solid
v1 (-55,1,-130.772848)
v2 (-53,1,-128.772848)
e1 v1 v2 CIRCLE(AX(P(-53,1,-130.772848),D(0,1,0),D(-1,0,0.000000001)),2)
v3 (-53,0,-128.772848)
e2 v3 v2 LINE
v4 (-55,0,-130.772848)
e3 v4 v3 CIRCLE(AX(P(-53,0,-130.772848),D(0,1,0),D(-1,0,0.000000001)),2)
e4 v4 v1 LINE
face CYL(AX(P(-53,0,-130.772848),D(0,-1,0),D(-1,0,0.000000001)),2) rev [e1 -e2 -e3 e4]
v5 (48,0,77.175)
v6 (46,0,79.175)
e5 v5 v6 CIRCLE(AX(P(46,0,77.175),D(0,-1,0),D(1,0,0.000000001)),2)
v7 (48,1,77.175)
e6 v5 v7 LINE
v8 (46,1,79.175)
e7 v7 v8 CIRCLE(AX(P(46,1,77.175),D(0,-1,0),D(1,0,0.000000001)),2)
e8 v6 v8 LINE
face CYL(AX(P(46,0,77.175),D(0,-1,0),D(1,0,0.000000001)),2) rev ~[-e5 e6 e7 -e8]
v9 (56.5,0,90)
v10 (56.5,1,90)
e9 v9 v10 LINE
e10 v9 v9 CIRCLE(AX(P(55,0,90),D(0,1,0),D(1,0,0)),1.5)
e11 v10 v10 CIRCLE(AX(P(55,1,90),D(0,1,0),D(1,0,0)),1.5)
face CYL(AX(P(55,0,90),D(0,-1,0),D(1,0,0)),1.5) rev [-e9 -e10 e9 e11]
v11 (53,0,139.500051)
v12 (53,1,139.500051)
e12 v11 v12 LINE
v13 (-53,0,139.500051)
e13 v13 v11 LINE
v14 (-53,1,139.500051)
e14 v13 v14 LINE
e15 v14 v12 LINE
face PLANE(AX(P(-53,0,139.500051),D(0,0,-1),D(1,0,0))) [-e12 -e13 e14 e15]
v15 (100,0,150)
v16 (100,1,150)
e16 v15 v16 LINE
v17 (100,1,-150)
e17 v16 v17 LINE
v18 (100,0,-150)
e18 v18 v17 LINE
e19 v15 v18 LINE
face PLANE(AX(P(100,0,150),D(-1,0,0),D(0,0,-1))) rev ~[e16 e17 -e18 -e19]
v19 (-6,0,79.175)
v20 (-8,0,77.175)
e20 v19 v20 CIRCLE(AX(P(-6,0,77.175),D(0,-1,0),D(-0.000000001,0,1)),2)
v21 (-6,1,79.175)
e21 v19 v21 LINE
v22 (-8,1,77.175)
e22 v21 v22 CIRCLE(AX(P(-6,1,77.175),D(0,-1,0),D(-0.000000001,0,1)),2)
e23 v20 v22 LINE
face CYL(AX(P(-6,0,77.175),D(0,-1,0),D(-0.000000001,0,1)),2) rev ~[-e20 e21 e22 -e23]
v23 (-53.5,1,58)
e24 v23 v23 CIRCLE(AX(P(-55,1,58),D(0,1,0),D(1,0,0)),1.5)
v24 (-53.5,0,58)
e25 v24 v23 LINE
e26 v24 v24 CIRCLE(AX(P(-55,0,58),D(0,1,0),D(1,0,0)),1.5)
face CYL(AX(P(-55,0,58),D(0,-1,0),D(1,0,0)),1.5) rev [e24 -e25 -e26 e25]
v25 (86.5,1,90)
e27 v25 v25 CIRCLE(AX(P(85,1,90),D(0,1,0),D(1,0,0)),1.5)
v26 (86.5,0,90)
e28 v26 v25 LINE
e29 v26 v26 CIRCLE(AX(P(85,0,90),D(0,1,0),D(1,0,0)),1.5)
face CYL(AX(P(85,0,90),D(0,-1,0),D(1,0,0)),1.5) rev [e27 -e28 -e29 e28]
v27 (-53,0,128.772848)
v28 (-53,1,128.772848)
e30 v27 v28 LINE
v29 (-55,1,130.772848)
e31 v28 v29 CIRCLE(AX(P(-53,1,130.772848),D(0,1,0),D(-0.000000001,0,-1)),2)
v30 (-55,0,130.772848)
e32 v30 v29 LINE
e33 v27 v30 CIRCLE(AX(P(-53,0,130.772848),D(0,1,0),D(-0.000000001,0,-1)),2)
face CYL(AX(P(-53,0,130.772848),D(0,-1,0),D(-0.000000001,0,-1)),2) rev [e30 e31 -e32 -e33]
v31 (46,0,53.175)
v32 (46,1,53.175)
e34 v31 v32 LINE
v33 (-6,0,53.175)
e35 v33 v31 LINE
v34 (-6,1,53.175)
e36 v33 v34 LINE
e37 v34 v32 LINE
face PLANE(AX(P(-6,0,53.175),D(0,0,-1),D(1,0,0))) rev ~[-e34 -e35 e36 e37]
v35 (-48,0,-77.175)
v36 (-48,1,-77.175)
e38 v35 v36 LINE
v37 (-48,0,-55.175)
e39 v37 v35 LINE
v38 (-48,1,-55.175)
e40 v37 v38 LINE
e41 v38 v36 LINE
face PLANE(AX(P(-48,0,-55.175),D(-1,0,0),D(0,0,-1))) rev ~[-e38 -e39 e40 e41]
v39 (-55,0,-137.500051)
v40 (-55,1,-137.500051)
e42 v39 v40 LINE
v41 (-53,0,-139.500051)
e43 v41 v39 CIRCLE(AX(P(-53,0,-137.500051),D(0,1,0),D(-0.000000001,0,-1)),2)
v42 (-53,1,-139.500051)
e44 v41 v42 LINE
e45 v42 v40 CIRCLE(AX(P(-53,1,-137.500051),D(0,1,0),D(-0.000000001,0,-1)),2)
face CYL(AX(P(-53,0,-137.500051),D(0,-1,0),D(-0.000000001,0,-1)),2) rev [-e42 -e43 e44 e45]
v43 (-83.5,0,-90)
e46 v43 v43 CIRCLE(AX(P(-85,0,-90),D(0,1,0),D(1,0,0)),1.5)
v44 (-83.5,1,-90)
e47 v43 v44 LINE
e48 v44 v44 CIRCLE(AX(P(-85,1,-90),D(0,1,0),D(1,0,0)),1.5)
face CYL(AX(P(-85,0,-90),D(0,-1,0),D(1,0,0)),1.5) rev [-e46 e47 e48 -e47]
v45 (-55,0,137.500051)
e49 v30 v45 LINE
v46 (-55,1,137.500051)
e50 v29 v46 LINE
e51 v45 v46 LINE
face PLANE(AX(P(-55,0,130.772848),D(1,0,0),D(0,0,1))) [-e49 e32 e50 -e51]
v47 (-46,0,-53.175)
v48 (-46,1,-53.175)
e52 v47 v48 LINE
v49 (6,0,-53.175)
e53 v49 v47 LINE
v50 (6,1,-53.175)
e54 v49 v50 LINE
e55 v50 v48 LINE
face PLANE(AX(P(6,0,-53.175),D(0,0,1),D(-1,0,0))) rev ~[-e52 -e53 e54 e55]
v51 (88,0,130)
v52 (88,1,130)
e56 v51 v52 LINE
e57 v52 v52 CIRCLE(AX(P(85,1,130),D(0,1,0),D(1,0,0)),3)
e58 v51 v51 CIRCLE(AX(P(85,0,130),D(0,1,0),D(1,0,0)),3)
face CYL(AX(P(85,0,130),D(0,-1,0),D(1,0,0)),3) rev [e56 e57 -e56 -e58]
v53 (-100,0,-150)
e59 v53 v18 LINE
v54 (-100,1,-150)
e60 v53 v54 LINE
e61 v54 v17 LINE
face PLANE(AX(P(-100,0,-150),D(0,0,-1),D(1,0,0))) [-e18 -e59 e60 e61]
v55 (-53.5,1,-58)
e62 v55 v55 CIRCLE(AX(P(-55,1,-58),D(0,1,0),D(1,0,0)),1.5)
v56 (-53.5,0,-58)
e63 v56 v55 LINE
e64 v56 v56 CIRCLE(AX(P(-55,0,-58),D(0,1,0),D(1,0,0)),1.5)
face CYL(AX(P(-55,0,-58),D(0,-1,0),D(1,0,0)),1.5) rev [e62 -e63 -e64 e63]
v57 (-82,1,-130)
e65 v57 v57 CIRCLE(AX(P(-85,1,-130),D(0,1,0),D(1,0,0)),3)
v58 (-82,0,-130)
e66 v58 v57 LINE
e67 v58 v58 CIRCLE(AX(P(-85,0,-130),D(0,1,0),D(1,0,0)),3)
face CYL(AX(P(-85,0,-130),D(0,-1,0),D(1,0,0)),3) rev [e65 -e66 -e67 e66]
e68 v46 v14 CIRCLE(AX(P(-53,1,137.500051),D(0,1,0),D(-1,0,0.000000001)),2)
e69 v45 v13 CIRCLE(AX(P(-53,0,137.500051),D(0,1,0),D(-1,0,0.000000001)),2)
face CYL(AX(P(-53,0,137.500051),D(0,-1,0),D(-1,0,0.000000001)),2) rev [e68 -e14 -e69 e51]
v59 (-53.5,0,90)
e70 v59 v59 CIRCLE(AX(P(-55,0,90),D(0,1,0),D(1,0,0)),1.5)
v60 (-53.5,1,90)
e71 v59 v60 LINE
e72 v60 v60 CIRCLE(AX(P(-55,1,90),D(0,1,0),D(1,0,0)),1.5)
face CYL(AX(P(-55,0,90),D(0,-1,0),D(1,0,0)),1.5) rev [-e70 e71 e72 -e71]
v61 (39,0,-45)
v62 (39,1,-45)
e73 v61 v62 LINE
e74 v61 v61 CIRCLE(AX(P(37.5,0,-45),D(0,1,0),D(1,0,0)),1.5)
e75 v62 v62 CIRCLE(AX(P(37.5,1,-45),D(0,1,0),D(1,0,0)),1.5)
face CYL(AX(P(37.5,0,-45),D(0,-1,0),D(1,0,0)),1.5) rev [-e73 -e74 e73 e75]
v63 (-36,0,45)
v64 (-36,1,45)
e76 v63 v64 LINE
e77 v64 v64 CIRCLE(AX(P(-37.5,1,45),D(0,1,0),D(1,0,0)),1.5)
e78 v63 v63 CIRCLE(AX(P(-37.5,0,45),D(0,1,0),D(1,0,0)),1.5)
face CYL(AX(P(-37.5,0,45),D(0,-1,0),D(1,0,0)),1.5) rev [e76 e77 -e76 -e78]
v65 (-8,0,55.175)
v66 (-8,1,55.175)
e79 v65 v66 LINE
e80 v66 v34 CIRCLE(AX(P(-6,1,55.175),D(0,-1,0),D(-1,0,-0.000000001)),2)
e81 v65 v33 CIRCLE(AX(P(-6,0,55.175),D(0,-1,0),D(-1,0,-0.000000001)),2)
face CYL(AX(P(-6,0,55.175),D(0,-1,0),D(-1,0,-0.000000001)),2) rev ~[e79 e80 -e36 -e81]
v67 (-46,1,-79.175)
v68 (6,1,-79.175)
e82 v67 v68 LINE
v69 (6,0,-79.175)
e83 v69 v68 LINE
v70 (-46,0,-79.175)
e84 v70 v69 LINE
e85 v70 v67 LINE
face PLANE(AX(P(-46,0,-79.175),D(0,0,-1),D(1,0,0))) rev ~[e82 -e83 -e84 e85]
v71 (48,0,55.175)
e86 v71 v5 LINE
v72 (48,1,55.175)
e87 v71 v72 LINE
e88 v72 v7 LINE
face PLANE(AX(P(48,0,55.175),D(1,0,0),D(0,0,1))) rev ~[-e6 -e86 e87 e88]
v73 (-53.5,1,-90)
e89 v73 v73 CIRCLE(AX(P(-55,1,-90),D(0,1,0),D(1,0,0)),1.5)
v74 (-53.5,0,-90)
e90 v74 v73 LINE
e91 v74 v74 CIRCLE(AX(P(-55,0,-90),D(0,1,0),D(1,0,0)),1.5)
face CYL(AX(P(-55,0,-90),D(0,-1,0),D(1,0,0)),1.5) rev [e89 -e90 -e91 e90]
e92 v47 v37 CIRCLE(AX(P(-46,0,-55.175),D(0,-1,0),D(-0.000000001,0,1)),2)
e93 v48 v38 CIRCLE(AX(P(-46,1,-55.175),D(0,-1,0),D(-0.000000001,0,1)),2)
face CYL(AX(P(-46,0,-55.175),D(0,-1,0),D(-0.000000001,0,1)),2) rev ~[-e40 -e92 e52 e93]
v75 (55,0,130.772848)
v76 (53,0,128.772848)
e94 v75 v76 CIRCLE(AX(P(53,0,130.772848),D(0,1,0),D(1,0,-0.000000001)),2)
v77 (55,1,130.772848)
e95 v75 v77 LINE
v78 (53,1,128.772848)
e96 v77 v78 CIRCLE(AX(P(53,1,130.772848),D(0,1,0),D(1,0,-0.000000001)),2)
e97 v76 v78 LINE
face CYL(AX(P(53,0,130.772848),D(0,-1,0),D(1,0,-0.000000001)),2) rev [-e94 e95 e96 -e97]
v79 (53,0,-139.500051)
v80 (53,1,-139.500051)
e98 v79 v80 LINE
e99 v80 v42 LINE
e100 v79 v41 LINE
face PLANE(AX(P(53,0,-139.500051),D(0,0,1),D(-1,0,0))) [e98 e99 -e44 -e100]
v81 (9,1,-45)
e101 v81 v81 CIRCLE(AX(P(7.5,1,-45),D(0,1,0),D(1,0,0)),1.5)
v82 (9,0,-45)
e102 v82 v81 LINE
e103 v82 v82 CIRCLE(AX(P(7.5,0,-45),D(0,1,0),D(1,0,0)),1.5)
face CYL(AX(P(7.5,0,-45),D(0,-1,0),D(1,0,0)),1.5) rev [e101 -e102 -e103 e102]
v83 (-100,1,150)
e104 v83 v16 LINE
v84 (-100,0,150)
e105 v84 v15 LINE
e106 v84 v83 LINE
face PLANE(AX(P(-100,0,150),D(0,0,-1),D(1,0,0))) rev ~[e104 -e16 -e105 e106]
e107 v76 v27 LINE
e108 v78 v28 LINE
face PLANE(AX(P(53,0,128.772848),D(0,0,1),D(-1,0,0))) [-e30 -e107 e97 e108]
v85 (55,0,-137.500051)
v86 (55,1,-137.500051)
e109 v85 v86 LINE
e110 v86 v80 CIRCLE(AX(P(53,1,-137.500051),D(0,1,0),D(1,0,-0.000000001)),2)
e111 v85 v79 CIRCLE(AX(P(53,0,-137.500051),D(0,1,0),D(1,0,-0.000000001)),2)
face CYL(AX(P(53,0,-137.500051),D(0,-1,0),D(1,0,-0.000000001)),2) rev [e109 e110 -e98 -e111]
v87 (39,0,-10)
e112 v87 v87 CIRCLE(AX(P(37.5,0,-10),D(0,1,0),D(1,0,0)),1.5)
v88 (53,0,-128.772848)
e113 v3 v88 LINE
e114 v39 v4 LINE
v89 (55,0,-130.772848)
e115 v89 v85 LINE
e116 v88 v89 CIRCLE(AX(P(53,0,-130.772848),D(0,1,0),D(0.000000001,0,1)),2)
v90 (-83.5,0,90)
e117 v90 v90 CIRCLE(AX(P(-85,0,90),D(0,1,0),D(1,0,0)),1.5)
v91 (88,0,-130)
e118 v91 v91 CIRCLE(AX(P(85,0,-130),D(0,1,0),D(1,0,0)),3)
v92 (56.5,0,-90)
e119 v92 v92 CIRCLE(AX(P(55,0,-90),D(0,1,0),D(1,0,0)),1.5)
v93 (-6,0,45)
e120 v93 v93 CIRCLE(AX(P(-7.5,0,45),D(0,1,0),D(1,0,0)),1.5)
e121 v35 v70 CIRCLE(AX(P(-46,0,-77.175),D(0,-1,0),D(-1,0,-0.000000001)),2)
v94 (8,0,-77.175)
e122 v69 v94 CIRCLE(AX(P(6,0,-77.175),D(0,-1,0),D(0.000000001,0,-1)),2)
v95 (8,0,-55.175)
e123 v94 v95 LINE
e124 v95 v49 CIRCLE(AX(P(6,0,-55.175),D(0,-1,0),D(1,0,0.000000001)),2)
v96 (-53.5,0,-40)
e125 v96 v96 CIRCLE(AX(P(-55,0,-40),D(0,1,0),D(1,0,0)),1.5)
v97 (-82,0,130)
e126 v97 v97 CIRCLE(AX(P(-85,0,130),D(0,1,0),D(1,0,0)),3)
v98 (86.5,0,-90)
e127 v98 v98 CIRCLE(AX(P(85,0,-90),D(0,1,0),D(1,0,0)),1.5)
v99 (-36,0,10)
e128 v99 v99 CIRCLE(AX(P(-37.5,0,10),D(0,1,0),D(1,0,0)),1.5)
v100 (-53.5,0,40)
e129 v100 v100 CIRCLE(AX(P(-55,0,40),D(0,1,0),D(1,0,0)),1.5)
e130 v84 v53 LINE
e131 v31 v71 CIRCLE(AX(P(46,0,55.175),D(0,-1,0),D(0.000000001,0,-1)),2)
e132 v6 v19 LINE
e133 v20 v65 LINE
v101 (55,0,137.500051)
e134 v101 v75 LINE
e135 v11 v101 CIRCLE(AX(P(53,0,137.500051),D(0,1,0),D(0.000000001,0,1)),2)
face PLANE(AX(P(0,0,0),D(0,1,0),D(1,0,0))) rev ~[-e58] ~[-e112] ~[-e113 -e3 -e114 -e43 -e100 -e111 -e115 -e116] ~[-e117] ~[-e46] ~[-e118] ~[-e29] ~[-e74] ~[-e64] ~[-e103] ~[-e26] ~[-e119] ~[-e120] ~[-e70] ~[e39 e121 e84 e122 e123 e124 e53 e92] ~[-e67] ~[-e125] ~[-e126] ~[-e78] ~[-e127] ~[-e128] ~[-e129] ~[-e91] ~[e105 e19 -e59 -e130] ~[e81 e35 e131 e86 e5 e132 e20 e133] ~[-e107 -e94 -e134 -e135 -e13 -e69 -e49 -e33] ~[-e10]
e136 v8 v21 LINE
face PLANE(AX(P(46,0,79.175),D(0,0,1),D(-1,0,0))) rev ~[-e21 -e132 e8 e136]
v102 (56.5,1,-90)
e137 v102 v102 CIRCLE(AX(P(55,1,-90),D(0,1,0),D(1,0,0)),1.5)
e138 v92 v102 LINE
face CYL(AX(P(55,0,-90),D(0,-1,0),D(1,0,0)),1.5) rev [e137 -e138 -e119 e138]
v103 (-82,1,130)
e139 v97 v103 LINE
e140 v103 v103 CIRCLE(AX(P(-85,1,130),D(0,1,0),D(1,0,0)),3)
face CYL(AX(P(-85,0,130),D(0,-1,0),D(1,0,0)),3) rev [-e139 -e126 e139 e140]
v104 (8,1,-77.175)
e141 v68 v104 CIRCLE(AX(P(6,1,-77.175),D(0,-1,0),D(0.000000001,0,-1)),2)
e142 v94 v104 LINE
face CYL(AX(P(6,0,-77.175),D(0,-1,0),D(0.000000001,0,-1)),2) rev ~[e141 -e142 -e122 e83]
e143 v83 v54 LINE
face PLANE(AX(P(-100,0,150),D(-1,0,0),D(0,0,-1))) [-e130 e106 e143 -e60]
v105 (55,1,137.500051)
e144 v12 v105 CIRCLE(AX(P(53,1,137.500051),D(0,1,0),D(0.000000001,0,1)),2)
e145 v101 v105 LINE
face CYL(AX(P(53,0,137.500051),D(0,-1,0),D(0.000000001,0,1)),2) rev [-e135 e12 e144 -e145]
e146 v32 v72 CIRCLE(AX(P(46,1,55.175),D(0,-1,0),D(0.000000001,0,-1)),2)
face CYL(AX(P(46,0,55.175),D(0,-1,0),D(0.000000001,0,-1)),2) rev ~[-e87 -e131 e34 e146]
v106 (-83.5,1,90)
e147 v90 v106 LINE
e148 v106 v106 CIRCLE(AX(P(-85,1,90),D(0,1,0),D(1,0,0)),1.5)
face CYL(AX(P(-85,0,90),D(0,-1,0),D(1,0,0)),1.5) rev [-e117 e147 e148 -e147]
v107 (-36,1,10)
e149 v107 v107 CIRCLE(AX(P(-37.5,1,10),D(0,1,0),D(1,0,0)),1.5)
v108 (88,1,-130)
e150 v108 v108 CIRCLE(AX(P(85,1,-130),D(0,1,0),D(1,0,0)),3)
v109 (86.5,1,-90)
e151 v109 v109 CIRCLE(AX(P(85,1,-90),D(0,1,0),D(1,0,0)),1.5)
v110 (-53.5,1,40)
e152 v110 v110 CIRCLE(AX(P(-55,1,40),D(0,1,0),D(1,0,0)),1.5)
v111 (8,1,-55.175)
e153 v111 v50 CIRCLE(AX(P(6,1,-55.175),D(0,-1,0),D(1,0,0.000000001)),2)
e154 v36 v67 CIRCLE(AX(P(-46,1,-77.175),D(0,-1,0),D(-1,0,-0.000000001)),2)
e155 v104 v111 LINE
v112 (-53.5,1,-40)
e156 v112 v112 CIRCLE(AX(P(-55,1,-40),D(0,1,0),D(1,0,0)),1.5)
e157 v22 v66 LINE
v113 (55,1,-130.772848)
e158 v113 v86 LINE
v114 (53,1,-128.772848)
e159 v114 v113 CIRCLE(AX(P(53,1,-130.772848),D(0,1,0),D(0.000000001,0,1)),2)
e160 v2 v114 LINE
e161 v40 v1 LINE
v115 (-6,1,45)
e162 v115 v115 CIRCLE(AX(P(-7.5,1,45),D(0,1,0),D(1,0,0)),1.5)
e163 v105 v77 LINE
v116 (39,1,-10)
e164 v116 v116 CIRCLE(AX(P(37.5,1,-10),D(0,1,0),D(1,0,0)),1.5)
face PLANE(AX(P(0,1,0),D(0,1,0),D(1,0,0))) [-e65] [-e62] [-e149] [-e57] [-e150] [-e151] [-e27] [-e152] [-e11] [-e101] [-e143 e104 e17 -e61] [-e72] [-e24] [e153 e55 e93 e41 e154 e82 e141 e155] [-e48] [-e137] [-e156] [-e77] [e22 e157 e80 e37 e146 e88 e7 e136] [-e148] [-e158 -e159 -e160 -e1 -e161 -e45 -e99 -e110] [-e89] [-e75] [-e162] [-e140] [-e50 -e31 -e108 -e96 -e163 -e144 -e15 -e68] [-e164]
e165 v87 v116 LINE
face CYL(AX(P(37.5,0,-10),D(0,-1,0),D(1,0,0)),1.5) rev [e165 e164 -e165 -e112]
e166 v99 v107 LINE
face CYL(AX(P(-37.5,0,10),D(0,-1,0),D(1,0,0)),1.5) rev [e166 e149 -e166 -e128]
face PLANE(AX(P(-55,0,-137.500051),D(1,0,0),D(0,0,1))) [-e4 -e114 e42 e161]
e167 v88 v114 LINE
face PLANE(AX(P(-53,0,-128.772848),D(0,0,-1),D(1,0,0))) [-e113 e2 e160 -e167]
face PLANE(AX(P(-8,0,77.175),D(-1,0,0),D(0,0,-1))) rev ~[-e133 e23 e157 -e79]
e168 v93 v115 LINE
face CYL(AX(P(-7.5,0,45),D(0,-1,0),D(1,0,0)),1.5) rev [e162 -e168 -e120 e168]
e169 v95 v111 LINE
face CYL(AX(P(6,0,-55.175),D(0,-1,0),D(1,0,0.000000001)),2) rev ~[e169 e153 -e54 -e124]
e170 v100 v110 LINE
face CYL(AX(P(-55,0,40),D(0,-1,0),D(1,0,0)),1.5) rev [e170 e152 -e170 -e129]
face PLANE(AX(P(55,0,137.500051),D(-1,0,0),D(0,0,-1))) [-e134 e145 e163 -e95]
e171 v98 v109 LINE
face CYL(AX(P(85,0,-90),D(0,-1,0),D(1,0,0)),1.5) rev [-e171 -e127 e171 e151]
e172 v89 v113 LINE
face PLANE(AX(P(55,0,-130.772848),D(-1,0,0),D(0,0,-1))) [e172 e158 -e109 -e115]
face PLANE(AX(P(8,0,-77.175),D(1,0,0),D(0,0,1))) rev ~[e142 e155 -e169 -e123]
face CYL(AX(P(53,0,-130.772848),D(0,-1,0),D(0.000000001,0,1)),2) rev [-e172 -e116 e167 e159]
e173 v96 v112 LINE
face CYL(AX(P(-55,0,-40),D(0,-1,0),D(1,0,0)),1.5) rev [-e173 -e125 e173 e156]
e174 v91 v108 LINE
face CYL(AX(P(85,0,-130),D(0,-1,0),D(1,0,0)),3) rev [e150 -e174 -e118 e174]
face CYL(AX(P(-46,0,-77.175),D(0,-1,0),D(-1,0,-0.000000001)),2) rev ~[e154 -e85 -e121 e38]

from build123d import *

# Parameters (mm, degrees)
ESQUISSE1_W        = 200
ESQUISSE1_H        = 300
ESQUISSE1_R        = 1.5
ESQUISSE1_R_2      = 3
BOSS_EXTRU_1_DEPTH = 1


with BuildPart() as part:
    # Esquisse1 → Boss.-Extru.1 (new body)
    with BuildSketch(Plane(origin=(0, 0, 0), x_dir=(1, 0, 0), z_dir=(0, 1, 0))):
        Rectangle(ESQUISSE1_W, ESQUISSE1_H)
        with Locations((-37.5, -45)):
            Circle(ESQUISSE1_R, mode=Mode.SUBTRACT)
        with Locations((-7.5, -45)):
            Circle(ESQUISSE1_R, mode=Mode.SUBTRACT)
        with Locations((-37.5, -10)):
            Circle(ESQUISSE1_R, mode=Mode.SUBTRACT)
        with Locations((37.5, 10)):
            Circle(ESQUISSE1_R, mode=Mode.SUBTRACT)
        with Locations((37.5, 45)):
            Circle(ESQUISSE1_R, mode=Mode.SUBTRACT)
        with Locations((7.5, 45)):
            Circle(ESQUISSE1_R, mode=Mode.SUBTRACT)
        with Locations((85, 130)):
            Circle(ESQUISSE1_R_2, mode=Mode.SUBTRACT)
        with Locations((-85, 130)):
            Circle(ESQUISSE1_R_2, mode=Mode.SUBTRACT)
        with Locations((85, -130)):
            Circle(ESQUISSE1_R_2, mode=Mode.SUBTRACT)
        with Locations((-85, -130)):
            Circle(ESQUISSE1_R_2, mode=Mode.SUBTRACT)
        with Locations((-55, 40)):
            Circle(ESQUISSE1_R, mode=Mode.SUBTRACT)
        with Locations((-55, 58)):
            Circle(ESQUISSE1_R, mode=Mode.SUBTRACT)
        with Locations((-55, -58)):
            Circle(ESQUISSE1_R, mode=Mode.SUBTRACT)
        with Locations((-55, -40)):
            Circle(ESQUISSE1_R, mode=Mode.SUBTRACT)
        with Locations((-85, -90)):
            Circle(ESQUISSE1_R, mode=Mode.SUBTRACT)
        with Locations((-55, -90)):
            Circle(ESQUISSE1_R, mode=Mode.SUBTRACT)
        with Locations((85, -90)):
            Circle(ESQUISSE1_R, mode=Mode.SUBTRACT)
        with Locations((55, -90)):
            Circle(ESQUISSE1_R, mode=Mode.SUBTRACT)
        with Locations((55, 90)):
            Circle(ESQUISSE1_R, mode=Mode.SUBTRACT)
        with Locations((85, 90)):
            Circle(ESQUISSE1_R, mode=Mode.SUBTRACT)
        with Locations((-55, 90)):
            Circle(ESQUISSE1_R, mode=Mode.SUBTRACT)
        with Locations((-85, 90)):
            Circle(ESQUISSE1_R, mode=Mode.SUBTRACT)
        with BuildLine():
            Line((-6, -53.175), (46, -53.175))
            ThreePointArc((46, -53.175), (47.414213562, -53.760786438), (48, -55.175))
            Line((48, -55.175), (48, -77.175))
            ThreePointArc((48, -77.175), (47.414213562, -78.589213562), (46, -79.175))
            Line((46, -79.175), (-6, -79.175))
            ThreePointArc((-6, -79.175), (-7.414213562, -78.589213562), (-8, -77.175))
            Line((-8, -77.175), (-8, -55.175))
            ThreePointArc((-8, -55.175), (-7.414213562, -53.760786438), (-6, -53.175))
        make_face(mode=Mode.SUBTRACT)
        with BuildLine():
            Line((-46, 79.175), (6, 79.175))
            ThreePointArc((6, 79.175), (7.414213562, 78.589213562), (8, 77.175))
            Line((8, 77.175), (8, 55.175))
            ThreePointArc((8, 55.175), (7.414213562, 53.760786438), (6, 53.175))
            Line((6, 53.175), (-46, 53.175))
            ThreePointArc((-46, 53.175), (-47.414213562, 53.760786438), (-48, 55.175))
            Line((-48, 55.175), (-48, 77.175))
            ThreePointArc((-48, 77.175), (-47.414213562, 78.589213562), (-46, 79.175))
        make_face(mode=Mode.SUBTRACT)
        with BuildLine():
            Line((-53, -139.5000508), (53, -139.5000508))
            ThreePointArc((53, -139.5000508), (54.414213562, -138.914264362), (55, -137.5000508))
            Line((55, -137.5000508), (55, -130.772848254))
            ThreePointArc((55, -130.772848254), (54.414213562, -129.358634692), (53, -128.772848254))
            Line((53, -128.772848254), (-53, -128.772848254))
            ThreePointArc((-53, -128.772848254), (-54.414213562, -129.358634692), (-55, -130.772848254))
            Line((-55, -130.772848254), (-55, -137.5000508))
            ThreePointArc((-55, -137.5000508), (-54.414213562, -138.914264362), (-53, -139.5000508))
        make_face(mode=Mode.SUBTRACT)
        with BuildLine():
            Line((-55, 137.5000508), (-55, 130.772848254))
            ThreePointArc((-55, 130.772848254), (-54.414213562, 129.358634692), (-53, 128.772848254))
            Line((-53, 128.772848254), (53, 128.772848254))
            ThreePointArc((53, 128.772848254), (54.414213562, 129.358634692), (55, 130.772848254))
            Line((55, 130.772848254), (55, 137.5000508))
            ThreePointArc((55, 137.5000508), (54.414213562, 138.914264362), (53, 139.5000508))
            Line((53, 139.5000508), (-53, 139.5000508))
            ThreePointArc((-53, 139.5000508), (-54.414213562, 138.914264362), (-55, 137.5000508))
        make_face(mode=Mode.SUBTRACT)
    extrude(amount=BOSS_EXTRU_1_DEPTH)


solid = part.part
